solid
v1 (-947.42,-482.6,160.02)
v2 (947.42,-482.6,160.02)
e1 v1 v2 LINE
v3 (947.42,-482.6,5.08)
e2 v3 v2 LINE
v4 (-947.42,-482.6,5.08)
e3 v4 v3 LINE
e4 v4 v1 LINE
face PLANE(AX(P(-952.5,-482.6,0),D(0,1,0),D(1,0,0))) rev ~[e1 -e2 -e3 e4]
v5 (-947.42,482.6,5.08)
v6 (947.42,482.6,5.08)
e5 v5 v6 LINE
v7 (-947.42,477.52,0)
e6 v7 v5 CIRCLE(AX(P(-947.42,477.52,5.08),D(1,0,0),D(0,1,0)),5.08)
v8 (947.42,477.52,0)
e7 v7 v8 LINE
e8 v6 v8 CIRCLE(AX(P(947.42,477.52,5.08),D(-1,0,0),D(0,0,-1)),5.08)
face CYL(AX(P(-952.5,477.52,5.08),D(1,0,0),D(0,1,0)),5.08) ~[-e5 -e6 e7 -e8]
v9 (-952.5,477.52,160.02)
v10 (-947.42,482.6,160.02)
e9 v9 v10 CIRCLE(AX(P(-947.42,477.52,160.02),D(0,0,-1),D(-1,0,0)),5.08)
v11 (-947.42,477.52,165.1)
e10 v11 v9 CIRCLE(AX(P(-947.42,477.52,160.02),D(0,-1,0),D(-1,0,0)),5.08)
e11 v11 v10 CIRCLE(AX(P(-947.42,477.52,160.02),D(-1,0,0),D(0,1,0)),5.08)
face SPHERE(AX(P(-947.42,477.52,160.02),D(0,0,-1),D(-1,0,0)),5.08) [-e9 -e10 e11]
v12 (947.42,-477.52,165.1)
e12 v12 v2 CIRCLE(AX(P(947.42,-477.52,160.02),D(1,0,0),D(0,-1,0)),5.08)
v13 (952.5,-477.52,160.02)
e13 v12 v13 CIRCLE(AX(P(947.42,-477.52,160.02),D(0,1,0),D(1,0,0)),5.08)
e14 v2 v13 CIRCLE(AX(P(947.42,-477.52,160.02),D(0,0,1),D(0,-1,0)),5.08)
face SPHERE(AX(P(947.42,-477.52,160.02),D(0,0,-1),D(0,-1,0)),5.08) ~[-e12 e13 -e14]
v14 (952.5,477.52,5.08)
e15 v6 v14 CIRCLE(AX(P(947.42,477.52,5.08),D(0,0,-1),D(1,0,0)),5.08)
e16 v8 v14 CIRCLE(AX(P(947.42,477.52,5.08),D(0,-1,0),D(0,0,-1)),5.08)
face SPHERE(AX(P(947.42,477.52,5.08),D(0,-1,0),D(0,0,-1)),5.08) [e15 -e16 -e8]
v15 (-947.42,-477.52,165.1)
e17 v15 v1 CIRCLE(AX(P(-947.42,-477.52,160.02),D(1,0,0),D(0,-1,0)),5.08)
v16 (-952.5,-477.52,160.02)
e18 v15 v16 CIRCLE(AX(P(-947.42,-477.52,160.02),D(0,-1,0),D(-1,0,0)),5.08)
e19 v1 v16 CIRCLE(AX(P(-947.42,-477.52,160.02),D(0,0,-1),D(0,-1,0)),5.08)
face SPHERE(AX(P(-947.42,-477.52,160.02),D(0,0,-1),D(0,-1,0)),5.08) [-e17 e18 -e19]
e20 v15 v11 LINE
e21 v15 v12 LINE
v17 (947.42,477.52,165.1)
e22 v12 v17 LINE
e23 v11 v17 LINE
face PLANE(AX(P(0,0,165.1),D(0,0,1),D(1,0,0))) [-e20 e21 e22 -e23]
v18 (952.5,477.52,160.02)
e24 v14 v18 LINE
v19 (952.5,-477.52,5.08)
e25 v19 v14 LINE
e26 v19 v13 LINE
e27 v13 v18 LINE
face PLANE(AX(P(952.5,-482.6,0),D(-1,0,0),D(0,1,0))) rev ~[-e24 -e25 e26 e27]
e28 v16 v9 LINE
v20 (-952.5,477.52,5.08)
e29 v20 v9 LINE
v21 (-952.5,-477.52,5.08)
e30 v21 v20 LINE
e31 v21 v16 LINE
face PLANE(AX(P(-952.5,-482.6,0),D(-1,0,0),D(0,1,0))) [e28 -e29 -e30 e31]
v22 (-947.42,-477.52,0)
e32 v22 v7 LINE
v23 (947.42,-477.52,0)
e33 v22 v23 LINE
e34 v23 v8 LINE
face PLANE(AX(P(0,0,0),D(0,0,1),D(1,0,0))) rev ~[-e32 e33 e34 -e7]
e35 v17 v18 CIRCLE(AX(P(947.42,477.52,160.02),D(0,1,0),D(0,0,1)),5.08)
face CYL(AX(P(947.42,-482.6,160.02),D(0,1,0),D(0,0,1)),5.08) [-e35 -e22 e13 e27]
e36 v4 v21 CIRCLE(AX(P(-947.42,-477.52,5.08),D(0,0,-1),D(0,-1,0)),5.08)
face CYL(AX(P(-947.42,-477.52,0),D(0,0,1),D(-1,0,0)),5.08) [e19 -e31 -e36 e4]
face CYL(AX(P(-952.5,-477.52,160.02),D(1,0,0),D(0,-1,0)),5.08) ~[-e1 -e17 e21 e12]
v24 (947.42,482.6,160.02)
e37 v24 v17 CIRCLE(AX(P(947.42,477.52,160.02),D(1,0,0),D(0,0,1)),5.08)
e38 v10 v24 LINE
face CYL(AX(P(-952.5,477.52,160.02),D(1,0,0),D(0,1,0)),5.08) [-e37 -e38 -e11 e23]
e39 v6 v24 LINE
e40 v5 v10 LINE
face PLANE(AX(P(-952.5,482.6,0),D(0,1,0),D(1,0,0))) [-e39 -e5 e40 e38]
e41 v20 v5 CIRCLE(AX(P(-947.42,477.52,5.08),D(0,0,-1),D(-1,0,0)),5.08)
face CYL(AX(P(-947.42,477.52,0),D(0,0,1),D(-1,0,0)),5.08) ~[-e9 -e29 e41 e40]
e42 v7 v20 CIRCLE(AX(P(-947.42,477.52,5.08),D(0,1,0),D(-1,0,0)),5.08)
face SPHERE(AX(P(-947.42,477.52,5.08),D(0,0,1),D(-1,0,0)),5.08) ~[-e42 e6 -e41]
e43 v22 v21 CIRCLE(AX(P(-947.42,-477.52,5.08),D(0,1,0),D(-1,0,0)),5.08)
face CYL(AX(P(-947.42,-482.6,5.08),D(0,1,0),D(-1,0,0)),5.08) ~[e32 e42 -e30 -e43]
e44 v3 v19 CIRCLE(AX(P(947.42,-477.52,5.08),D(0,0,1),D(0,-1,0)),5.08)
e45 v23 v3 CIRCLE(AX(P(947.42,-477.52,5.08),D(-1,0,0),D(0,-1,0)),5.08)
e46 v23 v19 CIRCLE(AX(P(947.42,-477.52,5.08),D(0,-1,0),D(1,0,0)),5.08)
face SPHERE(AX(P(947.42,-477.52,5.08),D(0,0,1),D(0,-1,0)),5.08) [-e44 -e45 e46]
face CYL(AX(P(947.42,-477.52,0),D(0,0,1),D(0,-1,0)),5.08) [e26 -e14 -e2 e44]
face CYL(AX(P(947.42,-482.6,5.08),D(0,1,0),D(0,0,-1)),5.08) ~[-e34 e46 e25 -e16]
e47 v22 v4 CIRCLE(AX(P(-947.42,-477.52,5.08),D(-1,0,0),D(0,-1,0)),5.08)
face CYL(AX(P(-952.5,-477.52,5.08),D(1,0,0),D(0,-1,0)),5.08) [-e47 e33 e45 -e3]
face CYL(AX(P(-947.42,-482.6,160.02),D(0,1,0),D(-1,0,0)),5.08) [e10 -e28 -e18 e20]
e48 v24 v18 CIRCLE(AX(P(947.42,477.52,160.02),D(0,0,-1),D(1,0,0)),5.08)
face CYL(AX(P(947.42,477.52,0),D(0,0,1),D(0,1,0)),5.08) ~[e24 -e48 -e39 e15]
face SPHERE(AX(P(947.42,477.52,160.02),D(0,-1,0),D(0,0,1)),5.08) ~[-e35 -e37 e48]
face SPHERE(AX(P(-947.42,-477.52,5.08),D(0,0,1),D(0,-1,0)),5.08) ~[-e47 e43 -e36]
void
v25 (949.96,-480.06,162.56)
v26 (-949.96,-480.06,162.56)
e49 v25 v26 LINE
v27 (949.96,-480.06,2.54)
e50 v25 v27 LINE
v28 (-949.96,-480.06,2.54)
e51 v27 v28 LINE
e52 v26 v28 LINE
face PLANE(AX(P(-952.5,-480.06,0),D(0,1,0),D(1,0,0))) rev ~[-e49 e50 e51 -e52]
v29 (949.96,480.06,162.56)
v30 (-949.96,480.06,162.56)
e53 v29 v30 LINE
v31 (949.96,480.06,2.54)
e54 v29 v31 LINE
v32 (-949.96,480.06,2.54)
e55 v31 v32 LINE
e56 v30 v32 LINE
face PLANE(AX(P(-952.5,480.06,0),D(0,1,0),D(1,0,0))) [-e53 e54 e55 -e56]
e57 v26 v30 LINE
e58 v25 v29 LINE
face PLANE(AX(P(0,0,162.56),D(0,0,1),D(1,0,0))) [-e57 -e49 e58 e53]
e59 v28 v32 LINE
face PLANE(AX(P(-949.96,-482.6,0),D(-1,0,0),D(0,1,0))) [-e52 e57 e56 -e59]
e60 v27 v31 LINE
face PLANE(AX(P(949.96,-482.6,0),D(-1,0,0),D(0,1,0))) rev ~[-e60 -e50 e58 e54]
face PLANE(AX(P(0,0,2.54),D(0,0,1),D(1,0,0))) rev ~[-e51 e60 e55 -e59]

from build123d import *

# Parameters (mm, degrees)
F0_W     = 1905
F0_H     = 965.2
F1_DEPTH = 165.1
F2_T     = -2.54
F3_R     = 5.08


with BuildPart() as f1:
    # F0 (on Top) → F1 (new body)
    with BuildSketch(Plane.XY):
        Rectangle(F0_W, F0_H)
    extrude(amount=F1_DEPTH)

    # F2 (hollow: no face is removed)
    offset(amount=F2_T, mode=Mode.SUBTRACT)

    # F3
    f3_edges = [f1.edges().sort_by_distance(p)[0] for p in [
        (-952.5, -482.6, 82.55),
        (952.5, -482.6, 82.55),
        (0, -482.6, 0),
        (0, -482.6, 165.1),
        (-952.5, 482.6, 82.55),
        (-952.5, 0, 0),
        (-952.5, 0, 165.1),
        (952.5, 0, 165.1),
        (0, 482.6, 165.1),
        (952.5, 0, 0),
        (0, 482.6, 0),
        (952.5, 482.6, 82.55),
    ]]
    fillet(f3_edges, radius=F3_R)


solid = f1.part
